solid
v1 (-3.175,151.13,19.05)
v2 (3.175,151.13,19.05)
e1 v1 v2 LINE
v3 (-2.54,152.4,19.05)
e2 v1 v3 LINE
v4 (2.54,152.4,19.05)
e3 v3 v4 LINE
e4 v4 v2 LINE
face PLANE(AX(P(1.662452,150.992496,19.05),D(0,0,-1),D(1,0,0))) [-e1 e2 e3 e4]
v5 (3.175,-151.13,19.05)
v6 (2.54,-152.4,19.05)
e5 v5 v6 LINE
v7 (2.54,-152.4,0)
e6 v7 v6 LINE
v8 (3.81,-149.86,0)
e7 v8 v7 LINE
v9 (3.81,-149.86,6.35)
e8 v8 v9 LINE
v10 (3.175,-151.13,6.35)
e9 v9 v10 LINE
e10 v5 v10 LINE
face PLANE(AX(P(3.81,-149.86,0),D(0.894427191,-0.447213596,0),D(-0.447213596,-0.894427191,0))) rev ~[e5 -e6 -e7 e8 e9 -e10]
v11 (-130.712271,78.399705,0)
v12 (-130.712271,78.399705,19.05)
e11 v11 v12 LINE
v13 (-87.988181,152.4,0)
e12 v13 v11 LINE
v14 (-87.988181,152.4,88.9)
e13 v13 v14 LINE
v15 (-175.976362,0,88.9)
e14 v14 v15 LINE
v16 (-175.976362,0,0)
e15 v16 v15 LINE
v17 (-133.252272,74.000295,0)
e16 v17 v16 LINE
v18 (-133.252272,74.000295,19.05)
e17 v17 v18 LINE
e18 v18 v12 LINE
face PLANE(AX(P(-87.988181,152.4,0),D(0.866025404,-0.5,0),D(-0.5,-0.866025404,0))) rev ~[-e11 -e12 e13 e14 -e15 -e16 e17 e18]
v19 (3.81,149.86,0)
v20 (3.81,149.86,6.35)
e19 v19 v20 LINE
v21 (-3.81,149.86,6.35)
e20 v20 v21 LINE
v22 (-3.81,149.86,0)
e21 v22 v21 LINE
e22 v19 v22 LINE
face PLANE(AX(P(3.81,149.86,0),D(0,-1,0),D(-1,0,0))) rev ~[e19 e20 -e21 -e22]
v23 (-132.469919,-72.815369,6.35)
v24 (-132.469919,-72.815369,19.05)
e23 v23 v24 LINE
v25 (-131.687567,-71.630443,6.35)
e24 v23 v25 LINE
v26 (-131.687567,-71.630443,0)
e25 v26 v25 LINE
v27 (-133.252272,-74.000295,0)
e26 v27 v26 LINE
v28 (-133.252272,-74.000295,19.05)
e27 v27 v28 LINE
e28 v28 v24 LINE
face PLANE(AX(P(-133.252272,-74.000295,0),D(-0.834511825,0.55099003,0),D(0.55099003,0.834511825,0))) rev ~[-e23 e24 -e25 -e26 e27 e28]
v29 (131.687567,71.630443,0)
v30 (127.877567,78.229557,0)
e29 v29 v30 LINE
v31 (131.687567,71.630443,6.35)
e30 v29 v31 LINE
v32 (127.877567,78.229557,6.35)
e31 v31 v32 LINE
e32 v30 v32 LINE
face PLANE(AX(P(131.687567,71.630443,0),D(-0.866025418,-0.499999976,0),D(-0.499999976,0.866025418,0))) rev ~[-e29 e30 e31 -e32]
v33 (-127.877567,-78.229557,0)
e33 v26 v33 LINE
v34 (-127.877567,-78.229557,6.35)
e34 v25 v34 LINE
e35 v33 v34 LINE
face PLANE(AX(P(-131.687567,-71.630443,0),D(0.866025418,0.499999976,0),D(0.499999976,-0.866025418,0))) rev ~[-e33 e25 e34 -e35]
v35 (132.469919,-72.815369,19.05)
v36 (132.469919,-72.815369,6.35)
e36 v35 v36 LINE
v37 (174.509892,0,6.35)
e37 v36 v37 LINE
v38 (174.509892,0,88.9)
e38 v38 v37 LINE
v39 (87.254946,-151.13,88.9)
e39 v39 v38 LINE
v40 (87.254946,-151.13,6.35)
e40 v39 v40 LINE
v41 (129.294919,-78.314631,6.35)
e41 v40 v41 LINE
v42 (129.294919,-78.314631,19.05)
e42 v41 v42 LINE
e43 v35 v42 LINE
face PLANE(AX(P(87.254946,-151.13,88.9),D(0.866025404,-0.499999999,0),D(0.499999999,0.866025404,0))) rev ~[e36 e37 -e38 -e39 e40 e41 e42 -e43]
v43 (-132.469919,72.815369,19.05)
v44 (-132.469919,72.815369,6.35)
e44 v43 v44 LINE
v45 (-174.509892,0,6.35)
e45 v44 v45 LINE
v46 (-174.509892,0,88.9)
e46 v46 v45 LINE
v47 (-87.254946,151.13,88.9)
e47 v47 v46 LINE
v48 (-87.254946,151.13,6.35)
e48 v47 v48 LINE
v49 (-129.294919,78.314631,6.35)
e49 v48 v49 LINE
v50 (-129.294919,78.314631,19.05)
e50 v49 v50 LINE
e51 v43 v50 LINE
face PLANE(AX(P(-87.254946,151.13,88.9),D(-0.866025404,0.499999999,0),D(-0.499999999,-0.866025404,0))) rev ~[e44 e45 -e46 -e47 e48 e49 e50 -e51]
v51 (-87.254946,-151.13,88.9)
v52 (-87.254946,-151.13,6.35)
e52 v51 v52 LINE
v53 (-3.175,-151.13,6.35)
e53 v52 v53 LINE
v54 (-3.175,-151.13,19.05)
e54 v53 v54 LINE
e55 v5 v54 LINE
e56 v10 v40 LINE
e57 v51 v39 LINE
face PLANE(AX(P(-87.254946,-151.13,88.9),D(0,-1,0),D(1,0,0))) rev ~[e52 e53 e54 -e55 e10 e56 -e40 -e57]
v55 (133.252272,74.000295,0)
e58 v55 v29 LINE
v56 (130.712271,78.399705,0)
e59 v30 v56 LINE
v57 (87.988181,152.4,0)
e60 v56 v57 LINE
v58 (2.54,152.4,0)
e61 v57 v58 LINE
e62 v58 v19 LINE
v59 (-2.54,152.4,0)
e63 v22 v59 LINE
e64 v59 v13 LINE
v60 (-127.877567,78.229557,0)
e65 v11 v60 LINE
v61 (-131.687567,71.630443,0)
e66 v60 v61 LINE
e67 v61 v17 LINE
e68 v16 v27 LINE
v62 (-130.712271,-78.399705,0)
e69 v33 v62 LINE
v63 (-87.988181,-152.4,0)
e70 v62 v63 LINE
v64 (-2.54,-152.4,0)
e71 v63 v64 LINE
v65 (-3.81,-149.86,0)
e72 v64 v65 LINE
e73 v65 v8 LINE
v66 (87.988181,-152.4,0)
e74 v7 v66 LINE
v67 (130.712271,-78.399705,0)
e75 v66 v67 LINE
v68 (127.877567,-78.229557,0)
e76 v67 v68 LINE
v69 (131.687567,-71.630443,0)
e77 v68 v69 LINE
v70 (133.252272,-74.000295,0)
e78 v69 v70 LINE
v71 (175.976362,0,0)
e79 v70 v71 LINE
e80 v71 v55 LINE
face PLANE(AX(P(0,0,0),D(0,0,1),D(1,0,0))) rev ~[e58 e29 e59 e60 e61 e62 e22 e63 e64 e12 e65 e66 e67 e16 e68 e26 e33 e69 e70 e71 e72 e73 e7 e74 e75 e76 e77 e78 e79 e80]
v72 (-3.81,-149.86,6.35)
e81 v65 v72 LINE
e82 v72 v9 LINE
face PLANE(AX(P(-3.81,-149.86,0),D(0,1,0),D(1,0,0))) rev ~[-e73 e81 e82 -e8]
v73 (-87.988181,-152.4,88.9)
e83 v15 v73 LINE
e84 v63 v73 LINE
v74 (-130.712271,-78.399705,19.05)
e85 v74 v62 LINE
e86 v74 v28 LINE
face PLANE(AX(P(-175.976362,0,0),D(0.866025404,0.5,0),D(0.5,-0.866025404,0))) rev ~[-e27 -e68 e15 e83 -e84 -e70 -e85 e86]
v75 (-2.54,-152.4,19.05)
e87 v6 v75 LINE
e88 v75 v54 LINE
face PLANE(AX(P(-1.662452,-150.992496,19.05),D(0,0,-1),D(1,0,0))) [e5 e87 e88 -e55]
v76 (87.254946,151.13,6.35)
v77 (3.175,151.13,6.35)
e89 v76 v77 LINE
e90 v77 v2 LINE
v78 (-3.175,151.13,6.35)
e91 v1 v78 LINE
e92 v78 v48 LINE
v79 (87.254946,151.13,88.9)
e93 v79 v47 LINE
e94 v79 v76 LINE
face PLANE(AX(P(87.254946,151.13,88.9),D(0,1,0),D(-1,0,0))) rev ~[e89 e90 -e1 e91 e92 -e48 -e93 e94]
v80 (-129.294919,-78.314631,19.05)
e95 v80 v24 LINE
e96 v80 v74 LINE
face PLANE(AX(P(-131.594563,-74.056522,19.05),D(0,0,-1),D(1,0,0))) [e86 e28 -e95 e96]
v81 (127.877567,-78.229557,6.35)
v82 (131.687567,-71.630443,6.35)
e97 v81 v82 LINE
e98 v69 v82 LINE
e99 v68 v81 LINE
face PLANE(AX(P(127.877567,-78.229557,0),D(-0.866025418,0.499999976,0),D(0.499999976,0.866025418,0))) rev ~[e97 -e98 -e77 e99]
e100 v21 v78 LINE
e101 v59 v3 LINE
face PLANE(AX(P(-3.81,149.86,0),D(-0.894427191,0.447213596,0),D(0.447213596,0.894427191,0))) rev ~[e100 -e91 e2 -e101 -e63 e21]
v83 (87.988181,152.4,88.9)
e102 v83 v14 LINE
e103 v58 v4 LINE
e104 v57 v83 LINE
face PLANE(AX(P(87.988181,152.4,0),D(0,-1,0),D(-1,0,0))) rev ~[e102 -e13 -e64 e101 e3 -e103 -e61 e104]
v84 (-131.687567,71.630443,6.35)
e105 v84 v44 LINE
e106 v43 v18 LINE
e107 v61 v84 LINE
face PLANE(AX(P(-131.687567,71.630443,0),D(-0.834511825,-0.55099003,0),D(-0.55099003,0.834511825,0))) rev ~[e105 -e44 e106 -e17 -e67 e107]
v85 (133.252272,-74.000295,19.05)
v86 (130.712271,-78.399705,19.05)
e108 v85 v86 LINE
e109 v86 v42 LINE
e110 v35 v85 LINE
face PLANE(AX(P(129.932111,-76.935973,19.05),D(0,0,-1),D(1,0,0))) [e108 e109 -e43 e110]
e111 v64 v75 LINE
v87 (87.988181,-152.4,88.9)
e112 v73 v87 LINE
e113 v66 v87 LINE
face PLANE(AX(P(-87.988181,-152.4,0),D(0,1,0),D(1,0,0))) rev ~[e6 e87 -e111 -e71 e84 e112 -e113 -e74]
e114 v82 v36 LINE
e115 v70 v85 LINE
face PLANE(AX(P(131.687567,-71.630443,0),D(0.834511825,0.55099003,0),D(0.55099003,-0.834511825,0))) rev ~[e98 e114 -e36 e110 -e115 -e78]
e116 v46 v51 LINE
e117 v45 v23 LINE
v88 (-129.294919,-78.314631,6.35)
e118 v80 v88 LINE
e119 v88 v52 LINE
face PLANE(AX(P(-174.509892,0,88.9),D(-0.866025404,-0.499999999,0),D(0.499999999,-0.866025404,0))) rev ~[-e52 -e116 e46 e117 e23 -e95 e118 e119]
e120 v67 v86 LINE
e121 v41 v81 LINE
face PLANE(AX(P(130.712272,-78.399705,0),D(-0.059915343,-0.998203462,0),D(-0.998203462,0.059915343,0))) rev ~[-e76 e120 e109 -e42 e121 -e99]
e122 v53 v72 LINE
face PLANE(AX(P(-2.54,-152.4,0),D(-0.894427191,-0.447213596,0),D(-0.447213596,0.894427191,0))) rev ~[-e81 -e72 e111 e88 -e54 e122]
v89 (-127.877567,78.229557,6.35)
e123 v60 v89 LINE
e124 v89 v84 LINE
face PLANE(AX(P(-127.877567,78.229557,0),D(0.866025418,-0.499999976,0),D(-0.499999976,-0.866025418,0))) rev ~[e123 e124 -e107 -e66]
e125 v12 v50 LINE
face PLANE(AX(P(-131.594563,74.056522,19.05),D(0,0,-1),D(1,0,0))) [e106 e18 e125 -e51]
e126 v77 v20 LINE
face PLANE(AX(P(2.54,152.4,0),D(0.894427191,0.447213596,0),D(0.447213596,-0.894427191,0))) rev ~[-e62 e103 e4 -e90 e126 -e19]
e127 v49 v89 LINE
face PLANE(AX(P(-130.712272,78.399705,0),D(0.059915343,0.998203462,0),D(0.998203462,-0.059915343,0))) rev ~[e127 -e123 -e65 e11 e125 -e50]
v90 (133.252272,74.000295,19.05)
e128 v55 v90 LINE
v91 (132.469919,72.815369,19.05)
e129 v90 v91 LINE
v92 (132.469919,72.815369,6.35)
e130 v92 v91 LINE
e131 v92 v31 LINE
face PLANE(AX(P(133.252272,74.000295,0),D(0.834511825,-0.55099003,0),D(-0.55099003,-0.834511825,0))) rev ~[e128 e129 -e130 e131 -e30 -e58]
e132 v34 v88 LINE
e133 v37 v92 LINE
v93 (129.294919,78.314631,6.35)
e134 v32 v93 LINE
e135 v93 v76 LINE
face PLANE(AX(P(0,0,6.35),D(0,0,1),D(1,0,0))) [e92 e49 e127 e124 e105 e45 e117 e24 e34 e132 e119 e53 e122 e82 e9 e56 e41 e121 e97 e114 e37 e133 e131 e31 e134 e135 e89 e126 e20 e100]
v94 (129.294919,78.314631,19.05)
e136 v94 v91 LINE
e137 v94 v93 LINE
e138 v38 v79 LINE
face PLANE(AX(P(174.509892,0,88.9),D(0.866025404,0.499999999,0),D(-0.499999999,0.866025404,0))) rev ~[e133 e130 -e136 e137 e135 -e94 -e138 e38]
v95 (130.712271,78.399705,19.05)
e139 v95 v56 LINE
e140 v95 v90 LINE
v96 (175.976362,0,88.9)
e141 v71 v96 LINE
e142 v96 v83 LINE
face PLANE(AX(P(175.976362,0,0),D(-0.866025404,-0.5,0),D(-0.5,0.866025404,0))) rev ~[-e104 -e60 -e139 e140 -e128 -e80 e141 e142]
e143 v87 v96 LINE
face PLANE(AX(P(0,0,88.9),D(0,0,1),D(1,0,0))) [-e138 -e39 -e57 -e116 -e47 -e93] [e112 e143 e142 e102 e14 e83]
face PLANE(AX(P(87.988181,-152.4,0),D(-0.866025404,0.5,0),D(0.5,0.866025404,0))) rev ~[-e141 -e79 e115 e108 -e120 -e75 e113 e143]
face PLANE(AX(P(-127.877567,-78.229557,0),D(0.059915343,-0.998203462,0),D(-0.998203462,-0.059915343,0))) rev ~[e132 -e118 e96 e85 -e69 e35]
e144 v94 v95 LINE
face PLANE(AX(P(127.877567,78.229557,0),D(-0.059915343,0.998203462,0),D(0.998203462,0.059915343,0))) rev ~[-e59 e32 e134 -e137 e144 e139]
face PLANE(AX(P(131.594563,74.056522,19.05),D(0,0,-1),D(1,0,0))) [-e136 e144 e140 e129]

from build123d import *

# Parameters (mm, degrees)
F1_DEPTH = 88.9
F3_DEPTH = 19.05
F5_DEPTH = 82.55


with BuildPart() as f1:
    # F0 (on Top) → F1 (new body)
    with BuildSketch(Plane.XY):
        Polygon((-87.988181, -152.4), (87.988181, -152.4), (175.976362, 0), (87.988181, 152.4), (-87.988181, 152.4), (-175.976362, 0), align=None)
    extrude(amount=F1_DEPTH)

    # F2 (on face) → F3 (cut)
    with BuildSketch(Plane(origin=(0, 0, 0), x_dir=(1, 0, 0), z_dir=(0, 0, -1))):
        Polygon((-131.982272, -76.2), (-129.782567, -74.93), (-131.687567, -71.630443), (-133.252272, -74.000295), align=None)
        Polygon((-127.877567, -78.229557), (-129.782567, -74.93), (-131.982272, -76.2), (-130.712272, -78.399705), align=None)
        Polygon((-131.687567, 71.630443), (-129.782567, 74.93), (-131.982272, 76.2), (-133.252272, 74.000295), align=None)
        Polygon((-131.982272, 76.2), (-129.782567, 74.93), (-127.877567, 78.229557), (-130.712272, 78.399705), align=None)
        Polygon((0, 149.86), (0, 152.4), (-2.54, 152.4), (-3.81, 149.86), align=None)
        Polygon((2.54, 152.4), (0, 152.4), (0, 149.86), (3.81, 149.86), align=None)
        Polygon((127.877567, 78.229557), (129.782567, 74.93), (131.982272, 76.2), (130.712272, 78.399705), align=None)
        Polygon((131.982272, 76.2), (129.782567, 74.93), (131.687567, 71.630443), (133.252272, 74.000295), align=None)
        Polygon((131.687567, -71.630443), (129.782567, -74.93), (131.982272, -76.2), (133.252272, -74.000295), align=None)
        Polygon((131.982272, -76.2), (129.782567, -74.93), (127.877567, -78.229557), (130.712272, -78.399705), align=None)
        Polygon((3.81, -149.86), (0, -149.86), (0, -152.4), (2.54, -152.4), align=None)
        Polygon((0, -152.4), (0, -149.86), (-3.81, -149.86), (-2.54, -152.4), align=None)
    extrude(amount=-F3_DEPTH, mode=Mode.SUBTRACT)

    # F4 (on face) → F5 (cut)
    with BuildSketch(Plane.XY.offset(88.9)):
        Polygon((-87.254946, -151.13), (87.254946, -151.13), (174.509892, 0), (87.254946, 151.13), (-87.254946, 151.13), (-174.509892, 0), align=None)
    extrude(amount=-F5_DEPTH, mode=Mode.SUBTRACT)


solid = f1.part
